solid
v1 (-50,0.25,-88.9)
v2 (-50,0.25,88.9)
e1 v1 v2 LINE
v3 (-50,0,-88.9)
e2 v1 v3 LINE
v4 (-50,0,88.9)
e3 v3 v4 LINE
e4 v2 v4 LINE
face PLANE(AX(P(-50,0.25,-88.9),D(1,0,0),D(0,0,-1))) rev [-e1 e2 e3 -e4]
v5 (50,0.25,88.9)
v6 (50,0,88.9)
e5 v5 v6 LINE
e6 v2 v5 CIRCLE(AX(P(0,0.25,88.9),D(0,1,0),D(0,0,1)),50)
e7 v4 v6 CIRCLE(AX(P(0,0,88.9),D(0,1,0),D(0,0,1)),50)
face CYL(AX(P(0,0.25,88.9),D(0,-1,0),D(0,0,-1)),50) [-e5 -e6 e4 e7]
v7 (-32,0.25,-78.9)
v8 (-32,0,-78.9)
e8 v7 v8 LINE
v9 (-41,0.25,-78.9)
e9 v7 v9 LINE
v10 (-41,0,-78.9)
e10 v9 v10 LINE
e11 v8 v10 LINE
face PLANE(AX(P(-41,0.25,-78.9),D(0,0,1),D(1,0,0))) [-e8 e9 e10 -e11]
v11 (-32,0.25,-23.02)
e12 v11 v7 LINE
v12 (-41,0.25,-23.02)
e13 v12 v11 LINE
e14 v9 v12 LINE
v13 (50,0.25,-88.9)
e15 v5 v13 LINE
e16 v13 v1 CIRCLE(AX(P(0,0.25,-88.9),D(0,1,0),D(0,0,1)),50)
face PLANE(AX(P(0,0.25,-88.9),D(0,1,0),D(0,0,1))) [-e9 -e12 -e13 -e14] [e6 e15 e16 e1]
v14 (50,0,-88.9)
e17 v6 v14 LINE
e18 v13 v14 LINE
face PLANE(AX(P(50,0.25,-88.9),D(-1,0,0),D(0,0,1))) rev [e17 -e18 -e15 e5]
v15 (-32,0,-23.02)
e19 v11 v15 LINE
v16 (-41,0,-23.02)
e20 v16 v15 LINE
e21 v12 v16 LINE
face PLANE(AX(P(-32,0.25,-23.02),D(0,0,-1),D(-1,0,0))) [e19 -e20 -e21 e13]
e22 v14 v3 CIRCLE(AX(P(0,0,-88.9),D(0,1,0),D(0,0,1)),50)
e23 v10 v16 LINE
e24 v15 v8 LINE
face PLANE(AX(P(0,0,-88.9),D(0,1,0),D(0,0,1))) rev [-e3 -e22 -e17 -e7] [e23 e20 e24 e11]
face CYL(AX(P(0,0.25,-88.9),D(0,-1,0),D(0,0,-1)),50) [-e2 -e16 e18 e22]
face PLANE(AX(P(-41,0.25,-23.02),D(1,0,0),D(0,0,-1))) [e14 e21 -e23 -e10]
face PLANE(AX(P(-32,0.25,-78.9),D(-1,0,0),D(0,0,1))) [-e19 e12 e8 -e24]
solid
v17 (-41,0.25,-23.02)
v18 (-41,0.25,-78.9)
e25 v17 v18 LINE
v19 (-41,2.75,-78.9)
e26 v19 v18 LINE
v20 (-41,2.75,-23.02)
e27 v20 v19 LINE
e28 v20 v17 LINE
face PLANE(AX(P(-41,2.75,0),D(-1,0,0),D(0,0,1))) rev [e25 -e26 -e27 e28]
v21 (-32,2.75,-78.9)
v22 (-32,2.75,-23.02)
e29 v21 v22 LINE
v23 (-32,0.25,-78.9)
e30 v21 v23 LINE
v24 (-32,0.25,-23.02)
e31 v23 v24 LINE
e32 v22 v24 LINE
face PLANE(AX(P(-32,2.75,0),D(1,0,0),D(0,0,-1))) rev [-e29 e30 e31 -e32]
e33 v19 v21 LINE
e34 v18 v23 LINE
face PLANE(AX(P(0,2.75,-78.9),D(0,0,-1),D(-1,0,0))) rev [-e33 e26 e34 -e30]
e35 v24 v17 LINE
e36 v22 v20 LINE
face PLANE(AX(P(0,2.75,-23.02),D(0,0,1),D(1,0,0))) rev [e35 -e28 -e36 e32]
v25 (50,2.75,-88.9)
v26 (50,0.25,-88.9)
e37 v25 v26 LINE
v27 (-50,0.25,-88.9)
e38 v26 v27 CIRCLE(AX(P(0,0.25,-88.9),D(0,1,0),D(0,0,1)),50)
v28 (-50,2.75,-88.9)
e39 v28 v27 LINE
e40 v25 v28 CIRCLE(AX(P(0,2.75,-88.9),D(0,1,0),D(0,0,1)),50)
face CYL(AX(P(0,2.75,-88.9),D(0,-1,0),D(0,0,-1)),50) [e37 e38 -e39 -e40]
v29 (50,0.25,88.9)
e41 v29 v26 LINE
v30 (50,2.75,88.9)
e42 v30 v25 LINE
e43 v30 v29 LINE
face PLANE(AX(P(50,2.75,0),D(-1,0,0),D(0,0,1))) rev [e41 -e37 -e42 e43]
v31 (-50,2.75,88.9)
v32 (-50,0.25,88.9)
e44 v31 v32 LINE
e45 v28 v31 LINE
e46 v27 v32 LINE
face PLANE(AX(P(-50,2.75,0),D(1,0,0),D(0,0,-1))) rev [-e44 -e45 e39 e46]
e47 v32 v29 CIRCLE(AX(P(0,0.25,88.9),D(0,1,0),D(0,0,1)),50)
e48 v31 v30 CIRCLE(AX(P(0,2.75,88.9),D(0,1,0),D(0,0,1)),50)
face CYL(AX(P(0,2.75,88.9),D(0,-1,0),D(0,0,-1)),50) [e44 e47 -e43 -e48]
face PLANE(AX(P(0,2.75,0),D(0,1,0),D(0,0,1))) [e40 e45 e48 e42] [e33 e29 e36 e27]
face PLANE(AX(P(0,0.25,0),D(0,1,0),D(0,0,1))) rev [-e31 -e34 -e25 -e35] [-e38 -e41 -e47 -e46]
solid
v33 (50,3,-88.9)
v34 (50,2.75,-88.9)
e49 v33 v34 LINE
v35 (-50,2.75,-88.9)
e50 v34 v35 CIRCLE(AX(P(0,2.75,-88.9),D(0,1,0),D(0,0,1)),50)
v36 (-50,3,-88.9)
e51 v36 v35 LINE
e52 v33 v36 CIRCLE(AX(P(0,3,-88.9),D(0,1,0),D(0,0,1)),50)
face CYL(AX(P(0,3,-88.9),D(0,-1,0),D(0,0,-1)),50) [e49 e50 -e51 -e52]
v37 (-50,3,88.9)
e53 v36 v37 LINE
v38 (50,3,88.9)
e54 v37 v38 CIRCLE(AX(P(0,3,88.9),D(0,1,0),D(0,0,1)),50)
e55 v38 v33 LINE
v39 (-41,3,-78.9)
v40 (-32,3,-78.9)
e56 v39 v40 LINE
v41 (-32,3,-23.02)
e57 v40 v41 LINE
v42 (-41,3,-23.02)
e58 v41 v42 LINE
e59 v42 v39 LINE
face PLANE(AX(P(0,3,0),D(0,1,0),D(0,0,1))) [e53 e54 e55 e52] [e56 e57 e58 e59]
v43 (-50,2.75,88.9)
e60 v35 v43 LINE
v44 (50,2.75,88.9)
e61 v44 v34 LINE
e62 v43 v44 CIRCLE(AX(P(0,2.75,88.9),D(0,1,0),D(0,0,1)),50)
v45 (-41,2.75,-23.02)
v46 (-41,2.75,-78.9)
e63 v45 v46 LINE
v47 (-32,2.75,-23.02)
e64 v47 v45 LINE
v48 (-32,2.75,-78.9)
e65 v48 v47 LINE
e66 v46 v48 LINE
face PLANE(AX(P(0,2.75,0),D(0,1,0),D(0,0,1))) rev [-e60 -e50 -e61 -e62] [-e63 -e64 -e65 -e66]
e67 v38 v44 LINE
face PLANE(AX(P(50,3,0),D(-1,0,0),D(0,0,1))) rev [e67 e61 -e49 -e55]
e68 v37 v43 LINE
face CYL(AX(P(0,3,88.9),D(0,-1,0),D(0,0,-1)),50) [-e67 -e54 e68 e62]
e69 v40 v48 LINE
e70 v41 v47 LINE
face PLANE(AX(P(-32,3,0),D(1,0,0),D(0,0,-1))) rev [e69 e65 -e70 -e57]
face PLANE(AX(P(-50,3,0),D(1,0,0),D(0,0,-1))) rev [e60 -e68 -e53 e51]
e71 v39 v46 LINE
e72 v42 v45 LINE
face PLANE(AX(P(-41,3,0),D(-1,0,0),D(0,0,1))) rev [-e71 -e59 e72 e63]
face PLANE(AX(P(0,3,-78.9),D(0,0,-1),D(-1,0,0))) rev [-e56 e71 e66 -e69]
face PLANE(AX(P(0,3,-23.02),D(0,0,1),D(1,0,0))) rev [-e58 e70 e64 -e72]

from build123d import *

# Parameters (mm, degrees)
SKETCH1_W           = 9
SKETCH1_H           = 55.88
BOSS_EXTRUDE1_DEPTH = 0.25
SKETCH2_W           = 9
SKETCH2_H           = 55.88
BOSS_EXTRUDE3_DEPTH = 2.5
SKETCH3_W           = 9
SKETCH3_H           = 55.88
BOSS_EXTRUDE4_DEPTH = 0.25


with BuildPart() as part:
    # Sketch1 → Boss-Extrude1 (new body)
    with BuildSketch(Plane(origin=(0, 0, 0), x_dir=(1, 0, 0), z_dir=(0, 1, 0))):
        with BuildLine():
            Line((50, 88.9), (50, -88.9))
            ThreePointArc((50, -88.9), (0, -138.9), (-50, -88.9))
            Line((-50, -88.9), (-50, 88.9))
            ThreePointArc((-50, 88.9), (0, 138.9), (50, 88.9))
        make_face()
        with Locations((-36.5, 50.96)):
            Rectangle(SKETCH1_W, SKETCH1_H, mode=Mode.SUBTRACT)
    extrude(amount=BOSS_EXTRUDE1_DEPTH)


with BuildPart() as body_2:
    # Sketch2 → Boss-Extrude3 (new body)
    with BuildSketch(Plane(origin=(0, 0.25, 0), x_dir=(1, 0, 0), z_dir=(0, 1, 0))):
        with BuildLine():
            ThreePointArc((50, 88.9), (0, 138.9), (-50, 88.9))
            Line((-50, 88.9), (-50, -88.9))
            ThreePointArc((-50, -88.9), (0, -138.9), (50, -88.9))
            Line((50, -88.9), (50, 88.9))
        make_face()
        with Locations((-36.5, 50.96)):
            Rectangle(SKETCH2_W, SKETCH2_H, mode=Mode.SUBTRACT)
    extrude(amount=BOSS_EXTRUDE3_DEPTH)


with BuildPart() as body_3:
    # Sketch3 → Boss-Extrude4 (new body)
    with BuildSketch(Plane(origin=(0, 2.75, 0), x_dir=(1, 0, 0), z_dir=(0, 1, 0))):
        with BuildLine():
            ThreePointArc((-50, -88.9), (0, -138.9), (50, -88.9))
            Line((50, -88.9), (50, 88.9))
            ThreePointArc((50, 88.9), (0, 138.9), (-50, 88.9))
            Line((-50, 88.9), (-50, -88.9))
        make_face()
        with Locations((-36.5, 50.96)):
            Rectangle(SKETCH3_W, SKETCH3_H, mode=Mode.SUBTRACT)
    extrude(amount=BOSS_EXTRUDE4_DEPTH)


solid = Compound([part.part, body_2.part, body_3.part])
